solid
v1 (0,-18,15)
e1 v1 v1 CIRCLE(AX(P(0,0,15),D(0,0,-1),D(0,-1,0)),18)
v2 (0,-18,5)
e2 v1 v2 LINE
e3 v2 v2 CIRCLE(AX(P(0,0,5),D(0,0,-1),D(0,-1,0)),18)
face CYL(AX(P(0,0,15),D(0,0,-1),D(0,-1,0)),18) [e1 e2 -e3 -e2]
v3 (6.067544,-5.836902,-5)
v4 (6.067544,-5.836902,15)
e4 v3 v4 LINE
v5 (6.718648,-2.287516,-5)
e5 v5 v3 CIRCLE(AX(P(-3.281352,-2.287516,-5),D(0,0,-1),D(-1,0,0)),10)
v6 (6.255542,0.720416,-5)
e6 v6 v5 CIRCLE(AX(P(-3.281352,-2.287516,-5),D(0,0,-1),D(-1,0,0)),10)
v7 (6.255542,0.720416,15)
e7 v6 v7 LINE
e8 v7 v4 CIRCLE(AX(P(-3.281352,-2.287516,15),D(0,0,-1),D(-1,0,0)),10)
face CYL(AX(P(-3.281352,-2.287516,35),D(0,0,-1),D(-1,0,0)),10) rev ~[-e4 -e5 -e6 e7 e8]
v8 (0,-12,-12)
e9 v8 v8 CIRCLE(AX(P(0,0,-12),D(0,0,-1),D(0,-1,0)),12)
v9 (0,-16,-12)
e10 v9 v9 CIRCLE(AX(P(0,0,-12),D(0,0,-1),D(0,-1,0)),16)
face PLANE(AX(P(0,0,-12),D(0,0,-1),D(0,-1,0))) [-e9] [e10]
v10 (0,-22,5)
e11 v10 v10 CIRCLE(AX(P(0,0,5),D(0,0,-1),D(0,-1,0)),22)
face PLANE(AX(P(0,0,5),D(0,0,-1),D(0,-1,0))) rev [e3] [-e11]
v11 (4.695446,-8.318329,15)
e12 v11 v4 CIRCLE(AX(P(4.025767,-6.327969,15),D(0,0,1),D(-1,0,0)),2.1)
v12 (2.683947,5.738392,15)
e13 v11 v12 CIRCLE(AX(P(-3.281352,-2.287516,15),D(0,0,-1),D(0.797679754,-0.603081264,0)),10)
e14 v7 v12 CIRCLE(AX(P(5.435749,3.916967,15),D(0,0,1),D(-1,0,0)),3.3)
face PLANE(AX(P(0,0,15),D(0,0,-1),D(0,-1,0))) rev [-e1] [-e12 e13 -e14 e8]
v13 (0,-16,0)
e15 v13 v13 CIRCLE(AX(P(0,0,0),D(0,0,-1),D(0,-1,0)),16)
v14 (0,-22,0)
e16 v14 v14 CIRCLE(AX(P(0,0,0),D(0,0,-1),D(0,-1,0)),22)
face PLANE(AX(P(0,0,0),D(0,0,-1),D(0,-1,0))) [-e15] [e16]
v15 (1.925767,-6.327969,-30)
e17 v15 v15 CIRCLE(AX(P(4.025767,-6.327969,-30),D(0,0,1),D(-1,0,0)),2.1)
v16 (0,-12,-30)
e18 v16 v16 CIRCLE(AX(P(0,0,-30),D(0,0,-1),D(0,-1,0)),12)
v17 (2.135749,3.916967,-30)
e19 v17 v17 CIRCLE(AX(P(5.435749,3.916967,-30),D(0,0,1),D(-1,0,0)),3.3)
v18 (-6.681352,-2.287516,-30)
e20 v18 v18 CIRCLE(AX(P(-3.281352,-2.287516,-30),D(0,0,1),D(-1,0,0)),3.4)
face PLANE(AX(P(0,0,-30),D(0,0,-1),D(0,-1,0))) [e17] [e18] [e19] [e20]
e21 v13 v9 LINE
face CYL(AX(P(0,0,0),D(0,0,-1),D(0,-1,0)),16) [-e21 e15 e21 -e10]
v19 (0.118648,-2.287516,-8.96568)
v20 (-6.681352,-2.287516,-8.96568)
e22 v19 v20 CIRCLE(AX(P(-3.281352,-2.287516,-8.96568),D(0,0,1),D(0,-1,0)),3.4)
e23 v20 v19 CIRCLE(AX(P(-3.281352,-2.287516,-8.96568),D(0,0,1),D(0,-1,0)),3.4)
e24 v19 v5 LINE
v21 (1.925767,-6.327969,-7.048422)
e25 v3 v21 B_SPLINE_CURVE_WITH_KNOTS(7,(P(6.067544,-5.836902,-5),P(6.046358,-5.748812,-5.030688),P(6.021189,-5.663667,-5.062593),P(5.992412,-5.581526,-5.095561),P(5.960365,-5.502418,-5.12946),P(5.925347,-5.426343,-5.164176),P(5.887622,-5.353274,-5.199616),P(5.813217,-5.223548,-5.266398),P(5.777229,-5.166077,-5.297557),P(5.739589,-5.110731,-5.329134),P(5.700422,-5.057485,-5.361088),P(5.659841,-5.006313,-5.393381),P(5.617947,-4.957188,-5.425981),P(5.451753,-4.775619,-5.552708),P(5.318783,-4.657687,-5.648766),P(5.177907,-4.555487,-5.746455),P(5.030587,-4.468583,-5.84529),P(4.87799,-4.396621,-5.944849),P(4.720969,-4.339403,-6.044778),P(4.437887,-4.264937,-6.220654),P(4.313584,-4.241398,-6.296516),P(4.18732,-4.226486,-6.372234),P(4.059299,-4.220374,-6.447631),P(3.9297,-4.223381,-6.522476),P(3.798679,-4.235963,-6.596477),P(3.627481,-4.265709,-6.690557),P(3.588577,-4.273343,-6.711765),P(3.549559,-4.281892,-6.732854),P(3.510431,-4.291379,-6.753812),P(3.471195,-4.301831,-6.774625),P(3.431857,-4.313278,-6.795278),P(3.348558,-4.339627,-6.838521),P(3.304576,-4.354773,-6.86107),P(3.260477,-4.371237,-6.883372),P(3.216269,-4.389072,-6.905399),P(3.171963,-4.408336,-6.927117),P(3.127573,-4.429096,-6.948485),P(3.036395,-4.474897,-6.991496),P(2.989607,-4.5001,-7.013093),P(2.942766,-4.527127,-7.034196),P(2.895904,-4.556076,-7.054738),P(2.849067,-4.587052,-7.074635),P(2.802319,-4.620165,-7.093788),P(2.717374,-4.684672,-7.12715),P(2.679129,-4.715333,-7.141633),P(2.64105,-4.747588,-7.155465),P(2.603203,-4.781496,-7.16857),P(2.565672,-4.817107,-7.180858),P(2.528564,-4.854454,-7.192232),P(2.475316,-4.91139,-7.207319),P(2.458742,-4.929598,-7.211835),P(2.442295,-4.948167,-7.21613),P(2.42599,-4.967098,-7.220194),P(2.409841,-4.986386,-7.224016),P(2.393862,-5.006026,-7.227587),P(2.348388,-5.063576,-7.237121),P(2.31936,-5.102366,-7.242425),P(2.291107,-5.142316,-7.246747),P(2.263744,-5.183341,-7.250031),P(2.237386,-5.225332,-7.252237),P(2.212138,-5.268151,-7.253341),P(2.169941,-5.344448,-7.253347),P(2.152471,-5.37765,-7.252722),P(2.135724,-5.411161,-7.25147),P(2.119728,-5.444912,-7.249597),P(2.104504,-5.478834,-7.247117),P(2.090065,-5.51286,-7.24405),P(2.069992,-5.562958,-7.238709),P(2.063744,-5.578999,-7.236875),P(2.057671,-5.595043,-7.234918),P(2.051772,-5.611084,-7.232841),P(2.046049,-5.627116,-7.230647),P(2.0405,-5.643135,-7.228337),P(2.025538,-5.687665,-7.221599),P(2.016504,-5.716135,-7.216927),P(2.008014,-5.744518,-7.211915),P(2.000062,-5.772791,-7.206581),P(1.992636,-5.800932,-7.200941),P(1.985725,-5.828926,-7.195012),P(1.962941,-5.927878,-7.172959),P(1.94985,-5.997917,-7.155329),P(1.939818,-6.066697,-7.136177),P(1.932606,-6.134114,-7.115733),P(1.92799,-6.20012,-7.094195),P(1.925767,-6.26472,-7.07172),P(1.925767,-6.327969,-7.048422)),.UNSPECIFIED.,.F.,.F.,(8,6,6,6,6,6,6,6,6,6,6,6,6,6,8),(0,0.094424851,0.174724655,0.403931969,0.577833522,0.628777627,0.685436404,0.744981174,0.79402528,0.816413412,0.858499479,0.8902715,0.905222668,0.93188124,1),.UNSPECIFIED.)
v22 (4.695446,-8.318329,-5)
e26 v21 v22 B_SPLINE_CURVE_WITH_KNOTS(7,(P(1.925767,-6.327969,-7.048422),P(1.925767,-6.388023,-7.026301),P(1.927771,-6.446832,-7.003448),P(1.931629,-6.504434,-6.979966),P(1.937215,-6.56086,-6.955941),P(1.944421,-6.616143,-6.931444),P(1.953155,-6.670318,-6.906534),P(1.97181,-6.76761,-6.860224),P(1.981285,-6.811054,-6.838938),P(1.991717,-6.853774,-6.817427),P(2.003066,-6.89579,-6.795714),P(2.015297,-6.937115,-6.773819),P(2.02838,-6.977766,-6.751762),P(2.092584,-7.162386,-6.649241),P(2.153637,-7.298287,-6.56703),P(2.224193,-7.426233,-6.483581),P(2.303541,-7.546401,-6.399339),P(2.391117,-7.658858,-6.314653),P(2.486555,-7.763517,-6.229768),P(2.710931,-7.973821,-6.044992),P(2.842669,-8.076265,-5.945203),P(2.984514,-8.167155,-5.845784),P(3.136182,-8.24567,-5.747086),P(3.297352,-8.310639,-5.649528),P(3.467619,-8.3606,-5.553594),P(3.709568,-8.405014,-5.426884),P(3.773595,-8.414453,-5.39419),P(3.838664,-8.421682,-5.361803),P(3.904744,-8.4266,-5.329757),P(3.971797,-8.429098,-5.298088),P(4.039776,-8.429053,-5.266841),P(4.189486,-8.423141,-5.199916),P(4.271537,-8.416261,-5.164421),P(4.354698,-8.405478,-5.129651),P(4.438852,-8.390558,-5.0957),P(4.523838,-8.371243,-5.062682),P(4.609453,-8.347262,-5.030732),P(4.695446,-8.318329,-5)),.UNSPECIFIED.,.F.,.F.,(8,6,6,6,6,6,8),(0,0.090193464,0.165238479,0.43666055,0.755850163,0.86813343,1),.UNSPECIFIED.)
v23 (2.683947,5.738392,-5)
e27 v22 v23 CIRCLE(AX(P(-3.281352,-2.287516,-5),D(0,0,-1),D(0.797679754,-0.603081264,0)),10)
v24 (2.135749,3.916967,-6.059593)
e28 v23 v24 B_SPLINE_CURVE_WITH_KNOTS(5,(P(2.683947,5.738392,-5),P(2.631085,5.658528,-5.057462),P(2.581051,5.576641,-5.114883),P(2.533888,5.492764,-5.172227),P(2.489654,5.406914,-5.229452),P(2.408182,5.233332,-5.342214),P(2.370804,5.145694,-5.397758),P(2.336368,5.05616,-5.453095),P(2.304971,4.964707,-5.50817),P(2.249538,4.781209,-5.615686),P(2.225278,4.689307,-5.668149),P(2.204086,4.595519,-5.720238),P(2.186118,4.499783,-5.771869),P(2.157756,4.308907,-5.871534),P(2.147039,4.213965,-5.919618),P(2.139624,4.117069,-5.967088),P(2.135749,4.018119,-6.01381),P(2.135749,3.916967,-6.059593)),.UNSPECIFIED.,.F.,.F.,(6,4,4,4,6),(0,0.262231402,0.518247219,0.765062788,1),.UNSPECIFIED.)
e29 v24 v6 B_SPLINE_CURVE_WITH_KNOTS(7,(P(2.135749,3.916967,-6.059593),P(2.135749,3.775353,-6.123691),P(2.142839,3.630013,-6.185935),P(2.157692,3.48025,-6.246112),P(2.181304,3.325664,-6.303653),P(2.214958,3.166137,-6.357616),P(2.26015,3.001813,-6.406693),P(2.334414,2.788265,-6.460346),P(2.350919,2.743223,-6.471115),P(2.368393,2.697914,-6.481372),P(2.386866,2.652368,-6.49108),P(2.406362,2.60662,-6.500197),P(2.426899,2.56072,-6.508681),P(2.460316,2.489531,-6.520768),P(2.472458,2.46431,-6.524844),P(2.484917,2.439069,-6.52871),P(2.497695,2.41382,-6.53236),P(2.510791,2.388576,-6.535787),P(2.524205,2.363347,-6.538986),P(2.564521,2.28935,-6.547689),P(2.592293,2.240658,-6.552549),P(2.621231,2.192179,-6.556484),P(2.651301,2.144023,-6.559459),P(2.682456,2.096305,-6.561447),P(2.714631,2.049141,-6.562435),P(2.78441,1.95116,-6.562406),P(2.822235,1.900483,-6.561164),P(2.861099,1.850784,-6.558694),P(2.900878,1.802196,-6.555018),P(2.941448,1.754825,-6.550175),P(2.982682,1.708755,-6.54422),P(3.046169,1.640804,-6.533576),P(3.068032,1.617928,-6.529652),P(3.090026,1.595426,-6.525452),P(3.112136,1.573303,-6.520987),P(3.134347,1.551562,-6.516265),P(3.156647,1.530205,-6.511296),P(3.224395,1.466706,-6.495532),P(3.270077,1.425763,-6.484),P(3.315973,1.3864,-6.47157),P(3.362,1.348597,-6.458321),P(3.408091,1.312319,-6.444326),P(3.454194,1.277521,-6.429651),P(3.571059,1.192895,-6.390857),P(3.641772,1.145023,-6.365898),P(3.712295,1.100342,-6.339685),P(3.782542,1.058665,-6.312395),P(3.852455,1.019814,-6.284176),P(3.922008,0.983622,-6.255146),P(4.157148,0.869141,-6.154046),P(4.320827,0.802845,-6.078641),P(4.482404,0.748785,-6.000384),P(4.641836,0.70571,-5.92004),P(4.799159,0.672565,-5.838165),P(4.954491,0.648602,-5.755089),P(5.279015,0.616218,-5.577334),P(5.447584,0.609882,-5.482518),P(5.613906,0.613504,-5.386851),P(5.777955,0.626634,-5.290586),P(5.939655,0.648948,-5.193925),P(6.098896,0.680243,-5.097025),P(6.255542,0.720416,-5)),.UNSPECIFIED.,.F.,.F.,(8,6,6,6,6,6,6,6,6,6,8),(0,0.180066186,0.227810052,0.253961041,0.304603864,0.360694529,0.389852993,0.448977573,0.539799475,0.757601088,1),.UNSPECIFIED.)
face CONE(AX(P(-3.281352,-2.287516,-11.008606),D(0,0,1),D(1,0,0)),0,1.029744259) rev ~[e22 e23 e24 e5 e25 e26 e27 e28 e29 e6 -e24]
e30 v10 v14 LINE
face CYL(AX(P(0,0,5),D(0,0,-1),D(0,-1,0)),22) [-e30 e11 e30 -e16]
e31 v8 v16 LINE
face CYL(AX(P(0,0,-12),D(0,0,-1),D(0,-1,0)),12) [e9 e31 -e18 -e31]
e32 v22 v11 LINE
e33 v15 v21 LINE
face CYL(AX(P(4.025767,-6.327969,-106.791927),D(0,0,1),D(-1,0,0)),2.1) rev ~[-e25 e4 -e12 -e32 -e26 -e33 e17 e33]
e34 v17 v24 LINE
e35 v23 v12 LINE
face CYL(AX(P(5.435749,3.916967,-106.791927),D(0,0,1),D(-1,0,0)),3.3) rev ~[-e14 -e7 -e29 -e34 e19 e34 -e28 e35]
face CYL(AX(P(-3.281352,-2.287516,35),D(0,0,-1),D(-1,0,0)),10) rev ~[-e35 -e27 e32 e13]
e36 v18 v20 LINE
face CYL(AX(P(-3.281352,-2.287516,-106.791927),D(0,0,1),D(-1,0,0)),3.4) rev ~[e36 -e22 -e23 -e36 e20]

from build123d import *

# Parameters (mm, degrees)
F4_D     = 4.2
F5_D     = 6.8
F6_D     = 6.6
F8_D     = 20
F8_DEPTH = 20
F8_TIP   = 6.0086061903


with BuildPart() as f2:
    # F1 (on Right) → F2 (revolve)
    with BuildSketch(Plane.YZ):
        Polygon((0, 0), (-16, 0), (-16, -12), (-12, -12), (-12, -30), (0, -30), align=None)
        Polygon((-22, 5), (-22, 0), (-16, 0), (0, 0), (0, 15), (-18, 15), (-18, 5), align=None)
    revolve(axis=Axis((0, 0, -7.8081190586), (0, 0, -1)))

    # F4 (through all)
    with Locations(Plane(origin=(0, 0, -30), x_dir=(1, 0, 0), z_dir=(0, 0, -1))):
        with Locations((4.0257674055, 6.3279694055)):
            Hole(F4_D / 2)

    # F5 (through all)
    with Locations(Plane(origin=(0, 0, -30), x_dir=(1, 0, 0), z_dir=(0, 0, -1))):
        with Locations((-3.2813517626, 2.2875162535)):
            Hole(F5_D / 2)

    # F6 (through all)
    with Locations(Plane(origin=(0, 0, -30), x_dir=(1, 0, 0), z_dir=(0, 0, -1))):
        with Locations((5.4357488604, -3.9169674911)):
            Hole(F6_D / 2)

    # F8
    with Locations(Plane.XY.offset(15)):
        with Locations((-3.2813517626, -2.2875162535)):
            Hole(F8_D / 2, depth=F8_DEPTH)
            with Locations((0, 0, -(F8_DEPTH + F8_TIP / 2))):  # 118° drill point
                Cone(0, F8_D / 2, F8_TIP, mode=Mode.SUBTRACT)


solid = f2.part
